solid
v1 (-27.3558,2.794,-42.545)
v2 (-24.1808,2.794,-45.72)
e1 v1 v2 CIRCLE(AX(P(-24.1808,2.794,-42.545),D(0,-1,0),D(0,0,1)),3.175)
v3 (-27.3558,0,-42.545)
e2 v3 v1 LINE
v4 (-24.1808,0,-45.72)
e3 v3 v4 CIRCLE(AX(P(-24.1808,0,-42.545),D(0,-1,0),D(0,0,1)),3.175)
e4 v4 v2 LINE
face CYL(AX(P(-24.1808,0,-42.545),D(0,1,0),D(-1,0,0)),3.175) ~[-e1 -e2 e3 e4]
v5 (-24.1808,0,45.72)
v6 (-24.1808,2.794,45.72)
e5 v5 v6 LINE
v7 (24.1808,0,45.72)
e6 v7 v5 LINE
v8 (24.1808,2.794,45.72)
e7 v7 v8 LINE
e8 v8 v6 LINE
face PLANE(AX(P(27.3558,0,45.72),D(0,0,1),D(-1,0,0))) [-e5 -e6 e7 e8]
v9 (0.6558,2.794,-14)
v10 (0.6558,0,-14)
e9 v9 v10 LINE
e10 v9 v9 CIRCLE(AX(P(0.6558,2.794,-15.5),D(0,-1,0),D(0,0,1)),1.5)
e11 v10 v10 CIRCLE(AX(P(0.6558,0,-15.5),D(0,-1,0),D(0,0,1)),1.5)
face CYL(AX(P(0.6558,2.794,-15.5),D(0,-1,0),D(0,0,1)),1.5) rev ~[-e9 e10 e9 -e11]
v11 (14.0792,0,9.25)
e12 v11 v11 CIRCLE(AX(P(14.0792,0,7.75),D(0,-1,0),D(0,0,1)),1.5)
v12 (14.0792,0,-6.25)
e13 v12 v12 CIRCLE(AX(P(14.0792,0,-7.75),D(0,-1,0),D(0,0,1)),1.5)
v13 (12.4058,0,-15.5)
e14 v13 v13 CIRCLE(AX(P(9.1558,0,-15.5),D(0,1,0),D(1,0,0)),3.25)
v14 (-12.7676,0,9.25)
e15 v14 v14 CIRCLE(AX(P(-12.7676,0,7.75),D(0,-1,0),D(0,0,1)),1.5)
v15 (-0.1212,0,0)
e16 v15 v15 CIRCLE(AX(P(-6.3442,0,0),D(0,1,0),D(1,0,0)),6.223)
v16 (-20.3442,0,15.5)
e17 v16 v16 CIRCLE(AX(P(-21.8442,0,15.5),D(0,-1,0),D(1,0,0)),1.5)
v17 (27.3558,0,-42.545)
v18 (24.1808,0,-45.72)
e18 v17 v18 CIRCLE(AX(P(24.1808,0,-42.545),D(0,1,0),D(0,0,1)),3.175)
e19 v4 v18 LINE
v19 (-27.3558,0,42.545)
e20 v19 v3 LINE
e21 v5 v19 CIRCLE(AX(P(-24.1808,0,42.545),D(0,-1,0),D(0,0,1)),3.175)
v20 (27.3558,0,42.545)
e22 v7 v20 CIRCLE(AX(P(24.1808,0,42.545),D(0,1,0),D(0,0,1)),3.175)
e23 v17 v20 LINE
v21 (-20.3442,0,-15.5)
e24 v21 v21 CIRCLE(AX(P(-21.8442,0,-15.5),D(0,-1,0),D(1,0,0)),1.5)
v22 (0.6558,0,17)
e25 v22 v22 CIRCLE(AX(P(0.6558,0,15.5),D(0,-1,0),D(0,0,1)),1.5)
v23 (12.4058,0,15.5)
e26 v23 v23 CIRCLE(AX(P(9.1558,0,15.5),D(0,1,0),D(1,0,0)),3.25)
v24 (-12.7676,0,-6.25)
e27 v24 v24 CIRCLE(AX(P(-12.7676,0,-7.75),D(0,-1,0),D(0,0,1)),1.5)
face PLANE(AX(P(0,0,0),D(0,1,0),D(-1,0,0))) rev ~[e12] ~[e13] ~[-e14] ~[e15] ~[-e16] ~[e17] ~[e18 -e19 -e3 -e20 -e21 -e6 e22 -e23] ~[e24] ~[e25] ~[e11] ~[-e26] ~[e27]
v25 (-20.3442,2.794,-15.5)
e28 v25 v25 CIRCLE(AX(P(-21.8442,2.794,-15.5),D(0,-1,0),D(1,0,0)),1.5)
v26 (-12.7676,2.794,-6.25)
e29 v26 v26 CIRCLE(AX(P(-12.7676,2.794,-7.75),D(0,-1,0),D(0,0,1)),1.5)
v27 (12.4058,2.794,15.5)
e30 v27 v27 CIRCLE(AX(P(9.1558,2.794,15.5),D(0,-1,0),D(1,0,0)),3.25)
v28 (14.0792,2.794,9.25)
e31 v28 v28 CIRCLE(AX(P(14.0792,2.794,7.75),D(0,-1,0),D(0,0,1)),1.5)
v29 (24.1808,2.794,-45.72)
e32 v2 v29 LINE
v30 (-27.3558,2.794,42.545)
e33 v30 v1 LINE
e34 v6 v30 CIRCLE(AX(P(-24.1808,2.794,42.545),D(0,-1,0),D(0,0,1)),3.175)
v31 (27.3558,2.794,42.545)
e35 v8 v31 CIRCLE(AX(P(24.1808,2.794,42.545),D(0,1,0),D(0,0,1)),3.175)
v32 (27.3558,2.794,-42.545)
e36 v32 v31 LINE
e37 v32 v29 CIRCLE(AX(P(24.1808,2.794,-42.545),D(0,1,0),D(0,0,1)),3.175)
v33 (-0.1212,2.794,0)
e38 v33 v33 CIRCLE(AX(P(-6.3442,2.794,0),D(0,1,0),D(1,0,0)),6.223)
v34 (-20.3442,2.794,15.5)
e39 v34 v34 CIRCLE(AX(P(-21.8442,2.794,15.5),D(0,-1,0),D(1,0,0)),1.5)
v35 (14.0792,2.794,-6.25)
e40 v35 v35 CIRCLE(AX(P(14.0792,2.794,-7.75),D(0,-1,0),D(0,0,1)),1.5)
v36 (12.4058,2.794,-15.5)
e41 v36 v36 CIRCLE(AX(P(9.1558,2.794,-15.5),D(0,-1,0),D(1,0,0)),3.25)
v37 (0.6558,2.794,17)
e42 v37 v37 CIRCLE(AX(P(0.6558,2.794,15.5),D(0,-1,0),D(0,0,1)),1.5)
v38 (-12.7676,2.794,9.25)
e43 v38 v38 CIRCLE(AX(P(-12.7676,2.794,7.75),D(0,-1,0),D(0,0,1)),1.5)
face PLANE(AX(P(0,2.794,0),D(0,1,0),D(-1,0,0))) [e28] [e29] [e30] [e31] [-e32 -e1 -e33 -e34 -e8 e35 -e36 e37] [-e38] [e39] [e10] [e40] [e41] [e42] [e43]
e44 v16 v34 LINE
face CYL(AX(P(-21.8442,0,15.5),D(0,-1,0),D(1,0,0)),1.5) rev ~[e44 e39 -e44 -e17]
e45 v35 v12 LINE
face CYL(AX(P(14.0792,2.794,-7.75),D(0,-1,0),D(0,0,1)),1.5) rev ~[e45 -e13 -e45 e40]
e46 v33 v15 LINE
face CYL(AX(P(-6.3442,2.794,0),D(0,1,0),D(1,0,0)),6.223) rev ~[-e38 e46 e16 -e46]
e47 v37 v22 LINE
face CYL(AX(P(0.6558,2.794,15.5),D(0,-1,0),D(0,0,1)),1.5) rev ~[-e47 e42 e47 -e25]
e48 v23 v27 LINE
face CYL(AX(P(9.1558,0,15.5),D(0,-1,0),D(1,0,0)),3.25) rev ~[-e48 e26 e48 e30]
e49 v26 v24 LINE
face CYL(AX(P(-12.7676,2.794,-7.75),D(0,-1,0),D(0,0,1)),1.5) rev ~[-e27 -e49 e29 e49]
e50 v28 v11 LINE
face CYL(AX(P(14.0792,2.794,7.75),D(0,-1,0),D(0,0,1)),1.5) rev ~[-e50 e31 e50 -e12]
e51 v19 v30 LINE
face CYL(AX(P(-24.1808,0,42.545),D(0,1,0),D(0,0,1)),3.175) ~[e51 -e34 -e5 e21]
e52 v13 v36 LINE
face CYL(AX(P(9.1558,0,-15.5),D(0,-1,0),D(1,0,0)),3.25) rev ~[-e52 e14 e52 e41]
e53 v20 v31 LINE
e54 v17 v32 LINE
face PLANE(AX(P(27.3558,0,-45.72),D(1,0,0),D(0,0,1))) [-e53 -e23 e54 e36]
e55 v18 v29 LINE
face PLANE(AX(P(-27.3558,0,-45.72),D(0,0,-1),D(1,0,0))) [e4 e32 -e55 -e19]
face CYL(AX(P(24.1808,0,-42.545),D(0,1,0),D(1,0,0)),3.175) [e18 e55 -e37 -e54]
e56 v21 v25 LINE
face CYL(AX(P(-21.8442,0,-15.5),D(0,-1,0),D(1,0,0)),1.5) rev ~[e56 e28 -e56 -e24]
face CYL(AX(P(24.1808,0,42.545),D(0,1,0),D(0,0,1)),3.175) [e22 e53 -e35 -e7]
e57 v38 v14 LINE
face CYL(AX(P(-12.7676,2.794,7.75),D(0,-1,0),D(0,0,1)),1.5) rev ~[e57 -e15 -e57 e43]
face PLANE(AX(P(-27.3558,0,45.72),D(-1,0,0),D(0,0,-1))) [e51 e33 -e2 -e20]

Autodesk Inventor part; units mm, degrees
ref_plane "YZ Plane" through (0, 0, 0) normal (1, 0, 0) x (0, 1, 0)
ref_plane "XZ Plane" through (0, 0, 0) normal (0, 1, 0) x (-1, 0, 0)
ref_plane "XY Plane" through (0, 0, 0) normal (0, 0, 1) x (1, 0, 0)
sketch "Sketch1" plane through (0, 0, 0) normal (0, 1, 0) x (-1, 0, 0)
  line L0 (-27.3558, 45.72) -> (27.3558, 45.72)
  line L1 (27.3558, 45.72) -> (27.3558, -45.72)
  line L2 (27.3558, -45.72) -> (-27.3558, -45.72)
  line L3 (-27.3558, -45.72) -> (-27.3558, 45.72)
  line L4 (-27.3558, 45.72) -> (27.3558, -45.72) construction
  line L5 (27.3558, 45.72) -> (-27.3558, -45.72) construction
  point P0 (0, 0)
  dimension "d0" = 54.7116
  dimension "d1" = 91.44
extrude "Extrusion1" add sketch "Sketch1" along normal blind 2.794
sketch "Sketch2" plane through (0, 2.794, 0) normal (0, 1, 0) x (1, 0, 0)
  circle A0 centre (-6.3442, 0) radius 6 construction
  circle A1 centre (0.6558, 0) radius 18.4 construction
  circle A2 centre (-7.0942, -13.4234) radius 1.25 construction
  circle A3 centre (-12.7676, -7.75) radius 1.25 construction
  circle A4 centre (-12.7676, 7.75) radius 1.25 construction
  circle A5 centre (-7.0942, 13.4234) radius 1.25 construction
  circle A6 centre (0.6558, 15.5) radius 1.25 construction
  circle A7 centre (14.0792, 7.75) radius 1.25 construction
  circle A8 centre (16.1558, 0) radius 1.25 construction
  circle A9 centre (14.0792, -7.75) radius 1.25 construction
  circle A10 centre (0.6558, -15.5) radius 1.25 construction
  spline S0 degree 3 poles (-6.3442, -8.58) (-7.0027, -8.6329) (-7.0027, -9.0013) (-6.3442, -9.6852) knots -1 -1 -1 -1 0 0 0 0 construction
  arc A11 (-6.3442, -9.6852) -> (-6.3442, 9.6852) centre (0.6558, 0) ccw construction
  spline S1 degree 3 poles (-6.3442, 9.6852) (-7.0027, 9.0013) (-7.0027, 8.6329) (-6.3442, 8.58) knots -1 -1 -1 -1 0 0 0 0 construction
  arc A12 (-6.3442, -8.58) -> (-6.3442, 8.58) centre (-6.3442, 0) ccw construction
  circle A13 centre (-6.3442, 0) radius 6.223
  point P0 (0, 0)
  dimension "d4" = 12.446
hole "Hole1" at (0.6558, 2.794, -15.5) at (0.6558, 2.794, 15.5) at (14.0792, 2.794, -7.75) at (14.0792, 2.794, 7.75) at (-12.7676, 2.794, -7.75) at (-12.7676, 2.794, 7.75) direction (0, -1, 0) diameter 3 end through all
extrude "Extrusion2" cut sketch "Sketch2" against normal blind 25.4
sketch "Sketch3" plane through (0, 2.794, 0) normal (0, 1, 0) x (1, 0, 0)
  point P0 (0, 0)
sketch "Sketch4" plane through (0, 0, 0) normal (0, -1, 0) x (1, 0, 0)
  arc A0 (8.0816, -16.5469) -> (10.5912, -15.0645) centre (9.1558, -15.5) ccw
  arc A1 (10.5912, -15.0645) -> (10.5912, 15.0645) centre (0, 0) ccw
  arc A2 (10.5912, 15.0645) -> (8.0816, 16.5469) centre (9.1558, 15.5) ccw
  arc A3 (8.0816, 16.5469) -> (8.0816, -16.5469) centre (0, 0) ccw
  circle A4 centre (-21.8442, -15.5) radius 1.5
  circle A5 centre (-21.8442, 15.5) radius 1.5
  arc A6 (-27.3558, -42.545) -> (-24.1808, -45.72) centre (-24.1808, -42.545) ccw
  line L0 (-27.3558, -42.545) -> (-27.3558, 42.545)
  arc A7 (-24.1808, 45.72) -> (-27.3558, 42.545) centre (-24.1808, 42.545) ccw
  line L1 (-24.1808, 45.72) -> (24.1808, 45.72)
  arc A8 (27.3558, 42.545) -> (24.1808, 45.72) centre (24.1808, 42.545) ccw
  line L2 (27.3558, 42.545) -> (27.3558, -42.545)
  arc A9 (24.1808, -45.72) -> (27.3558, -42.545) centre (24.1808, -42.545) ccw
  line L3 (24.1808, -45.72) -> (-24.1808, -45.72)
  circle A10 centre (9.1558, -15.5) radius 3.25
  circle A11 centre (9.1558, 15.5) radius 3.25
  point P0 (0, 0)
  dimension "d14" = 6.5
  dimension "d15" = 6.5
extrude "Extrusion3" cut sketch "Sketch4" against normal blind 25.4 contours A3 A10 A1 A0 | A0 A1 A10 A3 | A11 A1 A2 A3 | A3 A2 A1 A11 | A4 | A5
fillet "Fillet1" radius 3.175 4 edges at (-27.3558, 1.397, -45.72) (-27.3558, 1.397, 45.72) (27.3558, 1.397, 45.72) (27.3558, 1.397, -45.72)
equation "\"d15\" = d14"
properties part number "MotorMountDCB" material "Polycarbonate, Smoke"
